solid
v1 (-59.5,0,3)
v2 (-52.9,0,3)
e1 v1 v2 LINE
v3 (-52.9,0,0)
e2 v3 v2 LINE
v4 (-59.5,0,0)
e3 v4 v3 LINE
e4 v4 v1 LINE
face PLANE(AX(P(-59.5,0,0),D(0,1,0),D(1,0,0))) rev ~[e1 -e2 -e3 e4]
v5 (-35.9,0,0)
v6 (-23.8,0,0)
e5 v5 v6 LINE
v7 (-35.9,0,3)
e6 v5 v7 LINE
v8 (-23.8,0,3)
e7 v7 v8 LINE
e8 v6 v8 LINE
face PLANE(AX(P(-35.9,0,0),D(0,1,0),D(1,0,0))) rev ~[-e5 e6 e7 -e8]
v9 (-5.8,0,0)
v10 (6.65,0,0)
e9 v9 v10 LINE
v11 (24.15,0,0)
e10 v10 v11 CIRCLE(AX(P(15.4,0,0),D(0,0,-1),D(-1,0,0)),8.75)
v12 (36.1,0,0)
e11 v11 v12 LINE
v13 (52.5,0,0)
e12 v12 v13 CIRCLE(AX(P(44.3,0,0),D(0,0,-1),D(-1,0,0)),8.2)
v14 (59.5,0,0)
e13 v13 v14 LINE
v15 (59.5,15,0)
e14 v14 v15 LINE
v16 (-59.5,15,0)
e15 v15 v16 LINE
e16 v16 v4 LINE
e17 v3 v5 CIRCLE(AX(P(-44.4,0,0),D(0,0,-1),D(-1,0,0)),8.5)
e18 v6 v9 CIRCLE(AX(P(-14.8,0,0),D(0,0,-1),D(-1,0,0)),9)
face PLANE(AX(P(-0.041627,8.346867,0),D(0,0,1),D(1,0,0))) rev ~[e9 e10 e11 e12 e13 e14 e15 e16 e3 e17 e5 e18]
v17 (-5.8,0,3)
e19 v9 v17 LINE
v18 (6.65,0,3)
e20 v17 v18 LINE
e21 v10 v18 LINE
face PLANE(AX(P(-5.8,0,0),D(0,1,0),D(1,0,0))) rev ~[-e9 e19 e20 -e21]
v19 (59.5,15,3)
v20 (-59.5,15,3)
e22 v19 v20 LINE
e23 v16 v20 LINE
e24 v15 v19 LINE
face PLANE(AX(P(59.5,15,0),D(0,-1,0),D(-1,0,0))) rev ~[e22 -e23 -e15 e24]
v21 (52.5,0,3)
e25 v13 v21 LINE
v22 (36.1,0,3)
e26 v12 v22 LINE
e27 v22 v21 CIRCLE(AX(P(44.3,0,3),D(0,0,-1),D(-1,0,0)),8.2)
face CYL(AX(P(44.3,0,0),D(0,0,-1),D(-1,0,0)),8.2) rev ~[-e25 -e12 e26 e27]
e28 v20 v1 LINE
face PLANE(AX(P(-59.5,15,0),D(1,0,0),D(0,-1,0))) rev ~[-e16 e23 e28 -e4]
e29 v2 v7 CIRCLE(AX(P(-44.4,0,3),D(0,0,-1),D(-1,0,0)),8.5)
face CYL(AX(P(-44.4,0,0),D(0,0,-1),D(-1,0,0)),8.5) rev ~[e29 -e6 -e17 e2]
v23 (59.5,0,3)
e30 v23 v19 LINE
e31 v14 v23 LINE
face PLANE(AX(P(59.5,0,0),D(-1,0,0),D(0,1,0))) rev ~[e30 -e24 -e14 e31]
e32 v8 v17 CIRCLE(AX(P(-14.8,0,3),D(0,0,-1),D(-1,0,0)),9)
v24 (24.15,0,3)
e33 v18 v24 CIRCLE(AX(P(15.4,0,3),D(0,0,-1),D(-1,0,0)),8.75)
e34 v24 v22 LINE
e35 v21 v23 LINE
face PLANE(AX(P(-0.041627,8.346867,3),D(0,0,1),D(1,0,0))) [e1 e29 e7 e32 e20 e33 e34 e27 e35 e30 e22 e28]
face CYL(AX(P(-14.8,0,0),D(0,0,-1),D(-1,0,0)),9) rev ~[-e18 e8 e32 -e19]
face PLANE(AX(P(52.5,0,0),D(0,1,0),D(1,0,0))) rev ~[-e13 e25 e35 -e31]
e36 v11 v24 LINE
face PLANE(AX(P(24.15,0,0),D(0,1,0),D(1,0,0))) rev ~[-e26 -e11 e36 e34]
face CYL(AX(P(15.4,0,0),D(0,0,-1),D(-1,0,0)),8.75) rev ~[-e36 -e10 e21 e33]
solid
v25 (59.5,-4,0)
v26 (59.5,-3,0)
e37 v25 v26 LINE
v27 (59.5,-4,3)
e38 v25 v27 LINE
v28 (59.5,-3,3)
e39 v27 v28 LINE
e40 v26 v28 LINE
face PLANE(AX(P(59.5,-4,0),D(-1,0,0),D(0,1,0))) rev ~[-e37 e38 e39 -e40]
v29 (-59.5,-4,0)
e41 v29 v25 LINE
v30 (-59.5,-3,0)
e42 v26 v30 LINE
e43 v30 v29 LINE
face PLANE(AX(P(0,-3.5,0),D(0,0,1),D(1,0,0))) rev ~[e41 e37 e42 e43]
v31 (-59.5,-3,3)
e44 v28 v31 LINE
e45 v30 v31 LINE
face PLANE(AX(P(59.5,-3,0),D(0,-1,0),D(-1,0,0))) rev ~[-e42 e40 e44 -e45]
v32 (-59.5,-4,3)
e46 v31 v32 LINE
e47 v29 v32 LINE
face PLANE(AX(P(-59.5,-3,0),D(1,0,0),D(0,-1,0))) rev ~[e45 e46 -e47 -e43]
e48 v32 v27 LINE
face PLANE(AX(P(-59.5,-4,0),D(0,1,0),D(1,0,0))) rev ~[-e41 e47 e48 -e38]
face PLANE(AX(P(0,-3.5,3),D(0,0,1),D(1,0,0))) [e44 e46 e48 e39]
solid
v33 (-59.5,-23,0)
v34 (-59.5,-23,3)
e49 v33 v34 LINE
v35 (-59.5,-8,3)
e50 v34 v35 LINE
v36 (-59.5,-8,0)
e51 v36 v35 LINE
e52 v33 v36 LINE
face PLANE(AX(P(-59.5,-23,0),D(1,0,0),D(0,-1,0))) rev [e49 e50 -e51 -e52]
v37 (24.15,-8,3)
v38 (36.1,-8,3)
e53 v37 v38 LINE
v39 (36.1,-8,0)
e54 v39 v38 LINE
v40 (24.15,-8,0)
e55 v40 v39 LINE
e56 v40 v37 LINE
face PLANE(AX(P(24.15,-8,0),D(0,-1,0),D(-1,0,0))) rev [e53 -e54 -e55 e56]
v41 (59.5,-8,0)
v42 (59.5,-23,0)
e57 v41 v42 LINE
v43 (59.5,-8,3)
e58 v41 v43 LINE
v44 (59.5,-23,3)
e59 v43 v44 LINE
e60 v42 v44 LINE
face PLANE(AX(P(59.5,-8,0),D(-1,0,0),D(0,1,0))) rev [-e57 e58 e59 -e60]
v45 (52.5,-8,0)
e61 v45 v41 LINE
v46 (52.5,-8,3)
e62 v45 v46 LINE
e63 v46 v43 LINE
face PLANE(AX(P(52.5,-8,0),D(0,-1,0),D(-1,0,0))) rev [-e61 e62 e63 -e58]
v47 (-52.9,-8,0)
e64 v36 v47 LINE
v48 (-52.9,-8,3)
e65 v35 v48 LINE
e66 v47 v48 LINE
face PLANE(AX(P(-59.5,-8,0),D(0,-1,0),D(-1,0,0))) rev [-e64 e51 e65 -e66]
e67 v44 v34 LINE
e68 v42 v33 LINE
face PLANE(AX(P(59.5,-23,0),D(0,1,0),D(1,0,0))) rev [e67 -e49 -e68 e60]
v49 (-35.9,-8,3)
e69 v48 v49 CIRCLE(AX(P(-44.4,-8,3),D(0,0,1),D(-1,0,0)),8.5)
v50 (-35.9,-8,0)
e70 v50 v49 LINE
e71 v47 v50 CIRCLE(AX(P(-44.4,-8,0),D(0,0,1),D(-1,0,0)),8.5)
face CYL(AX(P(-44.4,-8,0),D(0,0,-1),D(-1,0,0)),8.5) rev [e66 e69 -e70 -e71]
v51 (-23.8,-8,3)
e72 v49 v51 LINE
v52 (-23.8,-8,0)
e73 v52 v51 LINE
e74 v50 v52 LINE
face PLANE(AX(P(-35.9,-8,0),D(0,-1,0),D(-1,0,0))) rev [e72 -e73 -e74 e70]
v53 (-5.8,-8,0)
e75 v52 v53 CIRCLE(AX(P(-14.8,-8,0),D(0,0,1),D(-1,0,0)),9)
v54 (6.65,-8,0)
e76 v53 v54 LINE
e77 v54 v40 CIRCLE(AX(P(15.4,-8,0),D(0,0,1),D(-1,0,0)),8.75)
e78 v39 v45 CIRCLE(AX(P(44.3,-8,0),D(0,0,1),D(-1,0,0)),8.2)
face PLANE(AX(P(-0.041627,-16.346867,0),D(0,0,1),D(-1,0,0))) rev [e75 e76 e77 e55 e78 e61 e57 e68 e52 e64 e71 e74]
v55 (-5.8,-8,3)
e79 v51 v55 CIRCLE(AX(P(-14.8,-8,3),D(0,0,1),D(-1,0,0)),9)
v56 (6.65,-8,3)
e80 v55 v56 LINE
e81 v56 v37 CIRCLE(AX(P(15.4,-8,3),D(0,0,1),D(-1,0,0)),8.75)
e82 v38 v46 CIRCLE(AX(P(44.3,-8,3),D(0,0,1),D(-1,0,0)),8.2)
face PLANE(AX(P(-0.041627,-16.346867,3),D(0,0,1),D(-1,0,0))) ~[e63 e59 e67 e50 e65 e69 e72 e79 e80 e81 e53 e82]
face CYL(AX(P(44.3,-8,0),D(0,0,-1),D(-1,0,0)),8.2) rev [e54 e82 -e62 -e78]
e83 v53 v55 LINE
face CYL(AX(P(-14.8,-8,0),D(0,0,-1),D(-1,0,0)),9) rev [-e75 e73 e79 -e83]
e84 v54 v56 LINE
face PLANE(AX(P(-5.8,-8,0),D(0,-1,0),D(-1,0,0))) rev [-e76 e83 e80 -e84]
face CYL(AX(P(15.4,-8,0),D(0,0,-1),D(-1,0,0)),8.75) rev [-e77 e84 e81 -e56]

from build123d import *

# Parameters (mm, degrees)
F1_DEPTH = 3


with BuildPart() as f1:
    # F0 (on Top) → F1 (new body)
    with BuildSketch(Plane.XY):
        with BuildLine():
            Line((59.5, 0), (59.5, 15))
            Line((59.5, 15), (-59.5, 15))
            Line((-59.5, 15), (-59.5, 0))
            Line((-59.5, 0), (-57.9, 0))
            Line((-57.9, 0), (-52.9, 0))
            ThreePointArc((-52.9, 0), (-44.4, 8.5), (-35.9, 0))
            Line((-35.9, 0), (-30.9, 0))
            Line((-30.9, 0), (-29.3, 0))
            Line((-29.3, 0), (-23.8, 0))
            ThreePointArc((-23.8, 0), (-14.8, 9), (-5.8, 0))
            Line((-5.8, 0), (-0.3, 0))
            Line((-0.3, 0), (1.3, 0))
            Line((1.3, 0), (6.65, 0))
            ThreePointArc((6.65, 0), (15.4, 8.75), (24.15, 0))
            Line((24.15, 0), (29.5, 0))
            Line((29.5, 0), (31.1, 0))
            Line((31.1, 0), (36.1, 0))
            ThreePointArc((36.1, 0), (44.3, 8.2), (52.5, 0))
            Line((52.5, 0), (57.5, 0))
            Line((57.5, 0), (59.5, 0))
        make_face()
    extrude(amount=F1_DEPTH)


with BuildPart() as f1b:
    # F0 (on Top) → F1, piece 2 (new body)
    with BuildSketch(Plane.XY):
        Polygon((59.5, -4), (59.5, -3), (-57.9, -3), (-59.5, -3), (-59.5, -4), align=None)
    extrude(amount=F1_DEPTH)


with BuildPart() as f2_1:
    # F2: instance of F1
    add(f1.part.mirror(Plane(origin=(0, -4, 1.5), x_dir=(1, 0, 0), z_dir=(0, -1, 0))))


solid = Compound([f1.part, f1b.part, f2_1.part])
